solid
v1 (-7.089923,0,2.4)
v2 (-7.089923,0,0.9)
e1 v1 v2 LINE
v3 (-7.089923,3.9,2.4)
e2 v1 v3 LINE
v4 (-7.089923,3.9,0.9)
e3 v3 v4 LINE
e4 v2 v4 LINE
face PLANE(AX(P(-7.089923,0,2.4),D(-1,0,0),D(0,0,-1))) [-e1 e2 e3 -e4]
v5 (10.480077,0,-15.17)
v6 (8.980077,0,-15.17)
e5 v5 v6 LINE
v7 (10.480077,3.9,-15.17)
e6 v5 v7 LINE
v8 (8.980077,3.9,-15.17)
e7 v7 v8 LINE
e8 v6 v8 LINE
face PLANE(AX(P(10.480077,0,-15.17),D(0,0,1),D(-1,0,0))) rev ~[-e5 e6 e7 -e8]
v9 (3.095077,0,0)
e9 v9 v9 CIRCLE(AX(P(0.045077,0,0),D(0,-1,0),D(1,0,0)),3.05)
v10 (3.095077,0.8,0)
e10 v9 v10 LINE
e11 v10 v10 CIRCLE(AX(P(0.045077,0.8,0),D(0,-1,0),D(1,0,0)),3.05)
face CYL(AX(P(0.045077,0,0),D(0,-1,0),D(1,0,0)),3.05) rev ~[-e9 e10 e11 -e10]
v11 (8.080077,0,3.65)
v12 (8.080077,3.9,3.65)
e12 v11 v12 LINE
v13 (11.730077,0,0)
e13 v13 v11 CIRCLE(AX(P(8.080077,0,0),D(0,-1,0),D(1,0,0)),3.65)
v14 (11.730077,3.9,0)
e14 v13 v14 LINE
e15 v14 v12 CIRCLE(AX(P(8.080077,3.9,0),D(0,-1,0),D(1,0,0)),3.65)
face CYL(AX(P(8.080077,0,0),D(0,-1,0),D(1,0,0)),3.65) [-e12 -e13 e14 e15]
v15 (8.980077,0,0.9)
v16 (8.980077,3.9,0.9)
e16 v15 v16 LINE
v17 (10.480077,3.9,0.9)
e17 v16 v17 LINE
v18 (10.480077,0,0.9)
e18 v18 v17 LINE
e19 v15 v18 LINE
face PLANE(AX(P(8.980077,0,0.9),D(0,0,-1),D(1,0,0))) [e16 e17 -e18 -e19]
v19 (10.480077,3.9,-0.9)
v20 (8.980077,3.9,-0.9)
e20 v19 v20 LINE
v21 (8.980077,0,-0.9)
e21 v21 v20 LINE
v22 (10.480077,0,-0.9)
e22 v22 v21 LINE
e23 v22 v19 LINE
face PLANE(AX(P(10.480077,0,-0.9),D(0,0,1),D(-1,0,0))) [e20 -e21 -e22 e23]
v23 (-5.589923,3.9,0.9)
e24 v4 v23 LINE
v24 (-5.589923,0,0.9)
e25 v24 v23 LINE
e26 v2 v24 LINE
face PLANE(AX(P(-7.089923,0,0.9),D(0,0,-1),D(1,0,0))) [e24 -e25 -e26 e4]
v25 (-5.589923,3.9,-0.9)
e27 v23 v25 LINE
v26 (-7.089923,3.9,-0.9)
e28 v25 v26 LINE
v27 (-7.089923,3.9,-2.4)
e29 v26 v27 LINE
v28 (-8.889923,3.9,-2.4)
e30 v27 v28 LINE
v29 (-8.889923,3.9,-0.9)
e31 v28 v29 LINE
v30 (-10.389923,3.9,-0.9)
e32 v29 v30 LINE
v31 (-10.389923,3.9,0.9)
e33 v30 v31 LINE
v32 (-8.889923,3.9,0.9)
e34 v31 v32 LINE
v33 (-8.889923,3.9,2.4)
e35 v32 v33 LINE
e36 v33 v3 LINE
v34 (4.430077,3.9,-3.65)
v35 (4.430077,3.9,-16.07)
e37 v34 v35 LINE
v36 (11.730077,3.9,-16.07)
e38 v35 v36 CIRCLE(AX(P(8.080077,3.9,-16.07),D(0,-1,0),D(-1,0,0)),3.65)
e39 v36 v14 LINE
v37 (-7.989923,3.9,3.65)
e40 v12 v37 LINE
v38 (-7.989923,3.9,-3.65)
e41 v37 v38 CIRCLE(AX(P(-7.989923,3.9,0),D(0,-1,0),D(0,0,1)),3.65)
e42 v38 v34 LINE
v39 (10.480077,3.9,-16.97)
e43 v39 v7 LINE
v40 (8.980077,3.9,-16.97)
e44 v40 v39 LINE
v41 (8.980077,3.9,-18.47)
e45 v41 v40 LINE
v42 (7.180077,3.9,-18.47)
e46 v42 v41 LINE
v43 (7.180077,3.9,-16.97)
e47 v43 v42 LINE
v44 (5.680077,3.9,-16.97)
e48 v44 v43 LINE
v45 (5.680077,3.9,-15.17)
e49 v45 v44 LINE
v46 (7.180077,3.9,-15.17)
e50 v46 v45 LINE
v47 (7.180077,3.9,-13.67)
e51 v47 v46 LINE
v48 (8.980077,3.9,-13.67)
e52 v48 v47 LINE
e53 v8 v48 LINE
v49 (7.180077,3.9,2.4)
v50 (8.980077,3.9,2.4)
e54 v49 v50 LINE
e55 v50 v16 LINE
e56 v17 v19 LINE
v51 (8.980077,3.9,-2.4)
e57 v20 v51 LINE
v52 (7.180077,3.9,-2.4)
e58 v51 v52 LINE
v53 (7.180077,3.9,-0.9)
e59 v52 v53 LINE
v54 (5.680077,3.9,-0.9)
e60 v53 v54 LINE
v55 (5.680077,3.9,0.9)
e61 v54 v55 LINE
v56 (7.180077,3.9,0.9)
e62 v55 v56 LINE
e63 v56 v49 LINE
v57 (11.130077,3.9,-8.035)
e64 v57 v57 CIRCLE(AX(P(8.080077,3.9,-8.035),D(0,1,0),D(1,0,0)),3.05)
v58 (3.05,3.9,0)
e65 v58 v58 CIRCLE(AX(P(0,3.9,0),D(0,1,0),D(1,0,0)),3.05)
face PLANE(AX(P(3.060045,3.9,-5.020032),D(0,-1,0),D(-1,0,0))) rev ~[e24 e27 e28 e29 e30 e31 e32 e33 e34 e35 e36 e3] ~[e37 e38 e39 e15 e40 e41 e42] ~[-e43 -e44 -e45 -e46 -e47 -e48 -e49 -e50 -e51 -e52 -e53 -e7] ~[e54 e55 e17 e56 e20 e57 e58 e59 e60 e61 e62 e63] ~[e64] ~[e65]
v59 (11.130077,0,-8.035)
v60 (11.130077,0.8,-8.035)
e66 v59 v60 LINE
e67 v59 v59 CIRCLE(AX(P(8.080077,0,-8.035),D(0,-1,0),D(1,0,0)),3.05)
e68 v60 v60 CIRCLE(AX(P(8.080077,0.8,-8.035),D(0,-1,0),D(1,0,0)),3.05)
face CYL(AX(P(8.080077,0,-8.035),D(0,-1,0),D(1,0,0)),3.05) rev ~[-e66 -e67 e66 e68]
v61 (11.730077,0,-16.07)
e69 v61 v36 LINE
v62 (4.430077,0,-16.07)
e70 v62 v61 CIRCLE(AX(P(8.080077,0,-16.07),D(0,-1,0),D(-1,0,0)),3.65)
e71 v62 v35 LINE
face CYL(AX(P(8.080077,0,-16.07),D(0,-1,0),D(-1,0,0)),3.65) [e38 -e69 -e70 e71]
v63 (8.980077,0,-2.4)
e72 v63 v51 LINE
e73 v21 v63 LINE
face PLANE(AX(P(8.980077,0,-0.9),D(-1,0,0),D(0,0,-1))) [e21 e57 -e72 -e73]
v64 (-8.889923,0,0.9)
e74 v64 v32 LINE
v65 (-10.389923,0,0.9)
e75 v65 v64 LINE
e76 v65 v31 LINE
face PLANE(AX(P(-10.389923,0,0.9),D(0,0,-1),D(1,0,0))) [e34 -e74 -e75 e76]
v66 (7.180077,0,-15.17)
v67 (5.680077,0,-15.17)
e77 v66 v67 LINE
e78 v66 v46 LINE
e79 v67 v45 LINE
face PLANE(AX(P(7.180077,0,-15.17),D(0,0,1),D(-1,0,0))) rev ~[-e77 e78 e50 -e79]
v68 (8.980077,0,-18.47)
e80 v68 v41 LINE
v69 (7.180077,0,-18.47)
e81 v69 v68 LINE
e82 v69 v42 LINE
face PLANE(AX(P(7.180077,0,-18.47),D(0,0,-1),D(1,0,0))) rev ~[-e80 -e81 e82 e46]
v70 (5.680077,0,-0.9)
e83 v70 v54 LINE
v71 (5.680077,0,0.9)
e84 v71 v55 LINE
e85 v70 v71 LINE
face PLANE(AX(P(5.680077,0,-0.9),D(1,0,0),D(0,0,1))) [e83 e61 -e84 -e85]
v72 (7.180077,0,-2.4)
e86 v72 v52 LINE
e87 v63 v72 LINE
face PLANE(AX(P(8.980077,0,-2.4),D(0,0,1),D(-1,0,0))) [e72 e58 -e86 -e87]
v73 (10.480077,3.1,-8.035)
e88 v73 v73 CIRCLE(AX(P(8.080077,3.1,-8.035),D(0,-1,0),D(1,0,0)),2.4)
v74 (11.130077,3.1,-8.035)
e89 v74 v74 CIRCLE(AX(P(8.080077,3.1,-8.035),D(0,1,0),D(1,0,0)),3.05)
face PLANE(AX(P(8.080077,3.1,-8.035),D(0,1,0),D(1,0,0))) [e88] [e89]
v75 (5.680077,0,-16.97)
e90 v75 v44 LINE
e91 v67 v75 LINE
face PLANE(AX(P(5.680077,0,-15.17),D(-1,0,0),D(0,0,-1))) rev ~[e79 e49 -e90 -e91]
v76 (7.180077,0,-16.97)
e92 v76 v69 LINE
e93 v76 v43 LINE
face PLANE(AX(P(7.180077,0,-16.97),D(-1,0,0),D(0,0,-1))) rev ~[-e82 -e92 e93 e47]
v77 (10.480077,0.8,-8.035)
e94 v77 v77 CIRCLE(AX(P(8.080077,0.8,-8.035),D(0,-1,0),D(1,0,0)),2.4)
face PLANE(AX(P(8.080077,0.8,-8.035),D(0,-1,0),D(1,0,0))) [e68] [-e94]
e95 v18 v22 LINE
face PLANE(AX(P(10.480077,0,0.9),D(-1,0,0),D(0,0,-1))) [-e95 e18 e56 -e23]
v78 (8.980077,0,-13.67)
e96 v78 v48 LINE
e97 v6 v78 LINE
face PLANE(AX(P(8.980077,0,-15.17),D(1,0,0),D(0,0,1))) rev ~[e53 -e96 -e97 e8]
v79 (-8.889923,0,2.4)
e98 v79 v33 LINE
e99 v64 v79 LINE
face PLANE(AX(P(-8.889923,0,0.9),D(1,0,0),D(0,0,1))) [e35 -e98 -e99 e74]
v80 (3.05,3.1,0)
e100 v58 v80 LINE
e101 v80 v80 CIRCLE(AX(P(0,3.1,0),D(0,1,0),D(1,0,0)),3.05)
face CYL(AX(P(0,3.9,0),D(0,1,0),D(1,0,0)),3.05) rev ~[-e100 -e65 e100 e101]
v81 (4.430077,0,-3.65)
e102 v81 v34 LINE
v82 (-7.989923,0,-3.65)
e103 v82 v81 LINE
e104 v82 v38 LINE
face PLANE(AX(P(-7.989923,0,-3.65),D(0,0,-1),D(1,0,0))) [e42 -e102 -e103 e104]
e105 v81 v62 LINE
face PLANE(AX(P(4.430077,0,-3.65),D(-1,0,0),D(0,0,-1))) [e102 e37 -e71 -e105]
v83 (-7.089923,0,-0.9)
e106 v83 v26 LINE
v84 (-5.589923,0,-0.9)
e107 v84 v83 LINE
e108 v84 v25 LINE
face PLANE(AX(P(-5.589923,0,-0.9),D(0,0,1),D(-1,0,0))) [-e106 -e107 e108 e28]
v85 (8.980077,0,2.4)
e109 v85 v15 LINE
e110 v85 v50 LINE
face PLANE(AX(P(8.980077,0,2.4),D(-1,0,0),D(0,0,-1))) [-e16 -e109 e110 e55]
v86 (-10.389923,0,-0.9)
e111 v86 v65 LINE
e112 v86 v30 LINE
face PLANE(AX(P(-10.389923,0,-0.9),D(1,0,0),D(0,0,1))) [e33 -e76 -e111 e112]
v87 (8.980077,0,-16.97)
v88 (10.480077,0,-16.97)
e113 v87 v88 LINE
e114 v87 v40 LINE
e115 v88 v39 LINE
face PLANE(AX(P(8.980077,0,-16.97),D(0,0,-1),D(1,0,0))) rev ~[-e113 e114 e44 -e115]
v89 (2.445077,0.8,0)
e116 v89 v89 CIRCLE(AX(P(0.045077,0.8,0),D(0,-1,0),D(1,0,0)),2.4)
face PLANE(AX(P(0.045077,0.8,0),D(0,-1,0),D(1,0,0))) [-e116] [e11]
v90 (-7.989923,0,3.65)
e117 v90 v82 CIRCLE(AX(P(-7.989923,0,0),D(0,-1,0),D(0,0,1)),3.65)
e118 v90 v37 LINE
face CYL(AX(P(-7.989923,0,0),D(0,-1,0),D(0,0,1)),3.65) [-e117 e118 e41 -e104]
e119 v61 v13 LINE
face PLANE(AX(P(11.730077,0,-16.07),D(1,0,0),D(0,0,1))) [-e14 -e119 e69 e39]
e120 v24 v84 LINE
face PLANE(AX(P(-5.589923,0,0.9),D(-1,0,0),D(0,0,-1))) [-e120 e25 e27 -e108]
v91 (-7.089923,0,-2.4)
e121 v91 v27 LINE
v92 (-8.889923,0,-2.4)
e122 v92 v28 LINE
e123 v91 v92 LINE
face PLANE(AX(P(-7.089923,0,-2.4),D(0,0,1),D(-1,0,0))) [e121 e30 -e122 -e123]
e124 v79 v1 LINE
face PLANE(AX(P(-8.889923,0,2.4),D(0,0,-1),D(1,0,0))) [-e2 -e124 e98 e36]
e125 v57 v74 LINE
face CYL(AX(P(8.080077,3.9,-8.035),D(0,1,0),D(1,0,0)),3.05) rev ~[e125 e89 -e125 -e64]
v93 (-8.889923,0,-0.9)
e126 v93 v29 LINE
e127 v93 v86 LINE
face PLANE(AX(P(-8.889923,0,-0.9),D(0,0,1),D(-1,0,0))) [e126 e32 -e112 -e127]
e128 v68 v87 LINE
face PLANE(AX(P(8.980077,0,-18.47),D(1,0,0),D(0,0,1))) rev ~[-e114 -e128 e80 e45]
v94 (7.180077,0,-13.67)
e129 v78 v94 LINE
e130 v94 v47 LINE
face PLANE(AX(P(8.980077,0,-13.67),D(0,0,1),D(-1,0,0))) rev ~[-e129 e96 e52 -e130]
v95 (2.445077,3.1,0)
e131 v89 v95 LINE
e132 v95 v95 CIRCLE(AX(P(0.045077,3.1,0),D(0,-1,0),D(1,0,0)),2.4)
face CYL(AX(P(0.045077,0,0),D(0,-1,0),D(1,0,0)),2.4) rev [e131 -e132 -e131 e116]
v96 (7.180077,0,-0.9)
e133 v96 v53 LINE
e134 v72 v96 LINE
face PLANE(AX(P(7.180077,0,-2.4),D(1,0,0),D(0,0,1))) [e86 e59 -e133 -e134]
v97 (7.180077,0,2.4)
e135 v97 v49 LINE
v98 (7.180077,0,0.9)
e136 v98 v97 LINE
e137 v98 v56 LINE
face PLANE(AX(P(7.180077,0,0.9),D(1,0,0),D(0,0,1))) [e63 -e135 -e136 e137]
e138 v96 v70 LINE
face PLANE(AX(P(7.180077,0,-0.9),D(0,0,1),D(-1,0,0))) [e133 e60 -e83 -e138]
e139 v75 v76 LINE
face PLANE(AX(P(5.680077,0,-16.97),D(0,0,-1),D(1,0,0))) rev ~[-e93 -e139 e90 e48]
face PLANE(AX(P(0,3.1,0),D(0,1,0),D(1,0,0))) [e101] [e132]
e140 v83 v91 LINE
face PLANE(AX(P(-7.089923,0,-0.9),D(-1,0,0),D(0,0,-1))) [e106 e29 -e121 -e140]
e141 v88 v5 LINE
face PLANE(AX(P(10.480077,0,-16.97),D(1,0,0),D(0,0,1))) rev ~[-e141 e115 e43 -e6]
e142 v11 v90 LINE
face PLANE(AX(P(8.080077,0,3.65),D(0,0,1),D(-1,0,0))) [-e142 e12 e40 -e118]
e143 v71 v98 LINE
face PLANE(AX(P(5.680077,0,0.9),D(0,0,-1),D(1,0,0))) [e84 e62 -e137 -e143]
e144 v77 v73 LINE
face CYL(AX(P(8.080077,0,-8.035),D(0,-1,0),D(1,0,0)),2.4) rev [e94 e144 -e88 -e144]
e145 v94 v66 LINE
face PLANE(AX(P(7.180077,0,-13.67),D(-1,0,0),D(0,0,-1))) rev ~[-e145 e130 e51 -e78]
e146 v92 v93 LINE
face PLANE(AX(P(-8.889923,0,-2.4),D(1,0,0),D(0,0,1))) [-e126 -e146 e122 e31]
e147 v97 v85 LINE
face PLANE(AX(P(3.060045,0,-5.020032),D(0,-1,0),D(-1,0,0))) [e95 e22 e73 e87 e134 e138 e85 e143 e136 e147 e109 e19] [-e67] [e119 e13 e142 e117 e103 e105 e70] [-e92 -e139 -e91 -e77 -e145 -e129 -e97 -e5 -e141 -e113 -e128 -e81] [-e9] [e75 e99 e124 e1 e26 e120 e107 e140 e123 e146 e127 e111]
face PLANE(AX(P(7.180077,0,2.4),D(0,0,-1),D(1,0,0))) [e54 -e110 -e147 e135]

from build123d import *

# Parameters (mm, degrees)
SKETCH1_R           = 2.4
BOSS_EXTRUDE1_DEPTH = 3.9
SKETCH2_R           = 3.05
CUT_EXTRUDE1_DEPTH  = 0.8
SKETCH3_R           = 3.05
CUT_EXTRUDE2_DEPTH  = 0.8


with BuildPart() as part:
    # Sketch1 → Boss-Extrude1 (new body)
    with BuildSketch(Plane(origin=(0, 0, 0), x_dir=(1, 0, 0), z_dir=(0, 1, 0))):
        with BuildLine():
            Line((-7.989922998, 3.65), (4.430077002, 3.65))
            Line((4.430077002, 3.65), (4.430077002, 16.07))
            ThreePointArc((4.430077002, 16.07), (8.080077002, 19.72), (11.730077002, 16.07))
            Line((11.730077002, 16.07), (11.730077002, 0))
            ThreePointArc((11.730077002, 0), (10.661016754, -2.580939751), (8.080077002, -3.65))
            Line((8.080077002, -3.65), (-7.989922998, -3.65))
            ThreePointArc((-7.989922998, -3.65), (-11.639922998, 0), (-7.989922998, 3.65))
        make_face()
        with Locations((0.045077002, 0)):
            Circle(SKETCH1_R, mode=Mode.SUBTRACT)
        with Locations((8.080077002, 8.035)):
            Circle(SKETCH1_R, mode=Mode.SUBTRACT)
        Polygon((8.980077002, 16.97), (10.480077002, 16.97), (10.480077002, 15.17), (8.980077002, 15.17), (8.980077002, 13.67), (7.180077002, 13.67), (7.180077002, 15.17), (5.680077002, 15.17), (5.680077002, 16.97), (7.180077002, 16.97), (7.180077002, 18.47), (8.980077002, 18.47), align=None, mode=Mode.SUBTRACT)
        Polygon((-8.889922998, -2.4), (-7.089922998, -2.4), (-7.089922998, -0.9), (-5.589922998, -0.9), (-5.589922998, 0.9), (-7.089922998, 0.9), (-7.089922998, 2.4), (-8.889922998, 2.4), (-8.889922998, 0.9), (-10.389922998, 0.9), (-10.389922998, -0.9), (-8.889922998, -0.9), align=None, mode=Mode.SUBTRACT)
        Polygon((7.180077002, -2.4), (8.980077002, -2.4), (8.980077002, -0.9), (10.480077002, -0.9), (10.480077002, 0.9), (8.980077002, 0.9), (8.980077002, 2.4), (7.180077002, 2.4), (7.180077002, 0.9), (5.680077002, 0.9), (5.680077002, -0.9), (7.180077002, -0.9), align=None, mode=Mode.SUBTRACT)
    extrude(amount=BOSS_EXTRUDE1_DEPTH)

    # Sketch2 → Cut-Extrude1 (cut)
    with BuildSketch(Plane(origin=(0, 3.9, 0), x_dir=(1, 0, 0), z_dir=(0, 1, 0))):
        Circle(SKETCH2_R)
        with Locations((8.080077002, 8.035)):
            Circle(SKETCH2_R)
    extrude(amount=-CUT_EXTRUDE1_DEPTH, mode=Mode.SUBTRACT)

    # Sketch3 → Cut-Extrude2 (cut)
    with BuildSketch(Plane.XZ):
        with Locations((8.080077002, -8.035)):
            Circle(SKETCH3_R)
        with Locations((0.045077002, 0)):
            Circle(SKETCH3_R)
    extrude(amount=-CUT_EXTRUDE2_DEPTH, mode=Mode.SUBTRACT)


solid = part.part
